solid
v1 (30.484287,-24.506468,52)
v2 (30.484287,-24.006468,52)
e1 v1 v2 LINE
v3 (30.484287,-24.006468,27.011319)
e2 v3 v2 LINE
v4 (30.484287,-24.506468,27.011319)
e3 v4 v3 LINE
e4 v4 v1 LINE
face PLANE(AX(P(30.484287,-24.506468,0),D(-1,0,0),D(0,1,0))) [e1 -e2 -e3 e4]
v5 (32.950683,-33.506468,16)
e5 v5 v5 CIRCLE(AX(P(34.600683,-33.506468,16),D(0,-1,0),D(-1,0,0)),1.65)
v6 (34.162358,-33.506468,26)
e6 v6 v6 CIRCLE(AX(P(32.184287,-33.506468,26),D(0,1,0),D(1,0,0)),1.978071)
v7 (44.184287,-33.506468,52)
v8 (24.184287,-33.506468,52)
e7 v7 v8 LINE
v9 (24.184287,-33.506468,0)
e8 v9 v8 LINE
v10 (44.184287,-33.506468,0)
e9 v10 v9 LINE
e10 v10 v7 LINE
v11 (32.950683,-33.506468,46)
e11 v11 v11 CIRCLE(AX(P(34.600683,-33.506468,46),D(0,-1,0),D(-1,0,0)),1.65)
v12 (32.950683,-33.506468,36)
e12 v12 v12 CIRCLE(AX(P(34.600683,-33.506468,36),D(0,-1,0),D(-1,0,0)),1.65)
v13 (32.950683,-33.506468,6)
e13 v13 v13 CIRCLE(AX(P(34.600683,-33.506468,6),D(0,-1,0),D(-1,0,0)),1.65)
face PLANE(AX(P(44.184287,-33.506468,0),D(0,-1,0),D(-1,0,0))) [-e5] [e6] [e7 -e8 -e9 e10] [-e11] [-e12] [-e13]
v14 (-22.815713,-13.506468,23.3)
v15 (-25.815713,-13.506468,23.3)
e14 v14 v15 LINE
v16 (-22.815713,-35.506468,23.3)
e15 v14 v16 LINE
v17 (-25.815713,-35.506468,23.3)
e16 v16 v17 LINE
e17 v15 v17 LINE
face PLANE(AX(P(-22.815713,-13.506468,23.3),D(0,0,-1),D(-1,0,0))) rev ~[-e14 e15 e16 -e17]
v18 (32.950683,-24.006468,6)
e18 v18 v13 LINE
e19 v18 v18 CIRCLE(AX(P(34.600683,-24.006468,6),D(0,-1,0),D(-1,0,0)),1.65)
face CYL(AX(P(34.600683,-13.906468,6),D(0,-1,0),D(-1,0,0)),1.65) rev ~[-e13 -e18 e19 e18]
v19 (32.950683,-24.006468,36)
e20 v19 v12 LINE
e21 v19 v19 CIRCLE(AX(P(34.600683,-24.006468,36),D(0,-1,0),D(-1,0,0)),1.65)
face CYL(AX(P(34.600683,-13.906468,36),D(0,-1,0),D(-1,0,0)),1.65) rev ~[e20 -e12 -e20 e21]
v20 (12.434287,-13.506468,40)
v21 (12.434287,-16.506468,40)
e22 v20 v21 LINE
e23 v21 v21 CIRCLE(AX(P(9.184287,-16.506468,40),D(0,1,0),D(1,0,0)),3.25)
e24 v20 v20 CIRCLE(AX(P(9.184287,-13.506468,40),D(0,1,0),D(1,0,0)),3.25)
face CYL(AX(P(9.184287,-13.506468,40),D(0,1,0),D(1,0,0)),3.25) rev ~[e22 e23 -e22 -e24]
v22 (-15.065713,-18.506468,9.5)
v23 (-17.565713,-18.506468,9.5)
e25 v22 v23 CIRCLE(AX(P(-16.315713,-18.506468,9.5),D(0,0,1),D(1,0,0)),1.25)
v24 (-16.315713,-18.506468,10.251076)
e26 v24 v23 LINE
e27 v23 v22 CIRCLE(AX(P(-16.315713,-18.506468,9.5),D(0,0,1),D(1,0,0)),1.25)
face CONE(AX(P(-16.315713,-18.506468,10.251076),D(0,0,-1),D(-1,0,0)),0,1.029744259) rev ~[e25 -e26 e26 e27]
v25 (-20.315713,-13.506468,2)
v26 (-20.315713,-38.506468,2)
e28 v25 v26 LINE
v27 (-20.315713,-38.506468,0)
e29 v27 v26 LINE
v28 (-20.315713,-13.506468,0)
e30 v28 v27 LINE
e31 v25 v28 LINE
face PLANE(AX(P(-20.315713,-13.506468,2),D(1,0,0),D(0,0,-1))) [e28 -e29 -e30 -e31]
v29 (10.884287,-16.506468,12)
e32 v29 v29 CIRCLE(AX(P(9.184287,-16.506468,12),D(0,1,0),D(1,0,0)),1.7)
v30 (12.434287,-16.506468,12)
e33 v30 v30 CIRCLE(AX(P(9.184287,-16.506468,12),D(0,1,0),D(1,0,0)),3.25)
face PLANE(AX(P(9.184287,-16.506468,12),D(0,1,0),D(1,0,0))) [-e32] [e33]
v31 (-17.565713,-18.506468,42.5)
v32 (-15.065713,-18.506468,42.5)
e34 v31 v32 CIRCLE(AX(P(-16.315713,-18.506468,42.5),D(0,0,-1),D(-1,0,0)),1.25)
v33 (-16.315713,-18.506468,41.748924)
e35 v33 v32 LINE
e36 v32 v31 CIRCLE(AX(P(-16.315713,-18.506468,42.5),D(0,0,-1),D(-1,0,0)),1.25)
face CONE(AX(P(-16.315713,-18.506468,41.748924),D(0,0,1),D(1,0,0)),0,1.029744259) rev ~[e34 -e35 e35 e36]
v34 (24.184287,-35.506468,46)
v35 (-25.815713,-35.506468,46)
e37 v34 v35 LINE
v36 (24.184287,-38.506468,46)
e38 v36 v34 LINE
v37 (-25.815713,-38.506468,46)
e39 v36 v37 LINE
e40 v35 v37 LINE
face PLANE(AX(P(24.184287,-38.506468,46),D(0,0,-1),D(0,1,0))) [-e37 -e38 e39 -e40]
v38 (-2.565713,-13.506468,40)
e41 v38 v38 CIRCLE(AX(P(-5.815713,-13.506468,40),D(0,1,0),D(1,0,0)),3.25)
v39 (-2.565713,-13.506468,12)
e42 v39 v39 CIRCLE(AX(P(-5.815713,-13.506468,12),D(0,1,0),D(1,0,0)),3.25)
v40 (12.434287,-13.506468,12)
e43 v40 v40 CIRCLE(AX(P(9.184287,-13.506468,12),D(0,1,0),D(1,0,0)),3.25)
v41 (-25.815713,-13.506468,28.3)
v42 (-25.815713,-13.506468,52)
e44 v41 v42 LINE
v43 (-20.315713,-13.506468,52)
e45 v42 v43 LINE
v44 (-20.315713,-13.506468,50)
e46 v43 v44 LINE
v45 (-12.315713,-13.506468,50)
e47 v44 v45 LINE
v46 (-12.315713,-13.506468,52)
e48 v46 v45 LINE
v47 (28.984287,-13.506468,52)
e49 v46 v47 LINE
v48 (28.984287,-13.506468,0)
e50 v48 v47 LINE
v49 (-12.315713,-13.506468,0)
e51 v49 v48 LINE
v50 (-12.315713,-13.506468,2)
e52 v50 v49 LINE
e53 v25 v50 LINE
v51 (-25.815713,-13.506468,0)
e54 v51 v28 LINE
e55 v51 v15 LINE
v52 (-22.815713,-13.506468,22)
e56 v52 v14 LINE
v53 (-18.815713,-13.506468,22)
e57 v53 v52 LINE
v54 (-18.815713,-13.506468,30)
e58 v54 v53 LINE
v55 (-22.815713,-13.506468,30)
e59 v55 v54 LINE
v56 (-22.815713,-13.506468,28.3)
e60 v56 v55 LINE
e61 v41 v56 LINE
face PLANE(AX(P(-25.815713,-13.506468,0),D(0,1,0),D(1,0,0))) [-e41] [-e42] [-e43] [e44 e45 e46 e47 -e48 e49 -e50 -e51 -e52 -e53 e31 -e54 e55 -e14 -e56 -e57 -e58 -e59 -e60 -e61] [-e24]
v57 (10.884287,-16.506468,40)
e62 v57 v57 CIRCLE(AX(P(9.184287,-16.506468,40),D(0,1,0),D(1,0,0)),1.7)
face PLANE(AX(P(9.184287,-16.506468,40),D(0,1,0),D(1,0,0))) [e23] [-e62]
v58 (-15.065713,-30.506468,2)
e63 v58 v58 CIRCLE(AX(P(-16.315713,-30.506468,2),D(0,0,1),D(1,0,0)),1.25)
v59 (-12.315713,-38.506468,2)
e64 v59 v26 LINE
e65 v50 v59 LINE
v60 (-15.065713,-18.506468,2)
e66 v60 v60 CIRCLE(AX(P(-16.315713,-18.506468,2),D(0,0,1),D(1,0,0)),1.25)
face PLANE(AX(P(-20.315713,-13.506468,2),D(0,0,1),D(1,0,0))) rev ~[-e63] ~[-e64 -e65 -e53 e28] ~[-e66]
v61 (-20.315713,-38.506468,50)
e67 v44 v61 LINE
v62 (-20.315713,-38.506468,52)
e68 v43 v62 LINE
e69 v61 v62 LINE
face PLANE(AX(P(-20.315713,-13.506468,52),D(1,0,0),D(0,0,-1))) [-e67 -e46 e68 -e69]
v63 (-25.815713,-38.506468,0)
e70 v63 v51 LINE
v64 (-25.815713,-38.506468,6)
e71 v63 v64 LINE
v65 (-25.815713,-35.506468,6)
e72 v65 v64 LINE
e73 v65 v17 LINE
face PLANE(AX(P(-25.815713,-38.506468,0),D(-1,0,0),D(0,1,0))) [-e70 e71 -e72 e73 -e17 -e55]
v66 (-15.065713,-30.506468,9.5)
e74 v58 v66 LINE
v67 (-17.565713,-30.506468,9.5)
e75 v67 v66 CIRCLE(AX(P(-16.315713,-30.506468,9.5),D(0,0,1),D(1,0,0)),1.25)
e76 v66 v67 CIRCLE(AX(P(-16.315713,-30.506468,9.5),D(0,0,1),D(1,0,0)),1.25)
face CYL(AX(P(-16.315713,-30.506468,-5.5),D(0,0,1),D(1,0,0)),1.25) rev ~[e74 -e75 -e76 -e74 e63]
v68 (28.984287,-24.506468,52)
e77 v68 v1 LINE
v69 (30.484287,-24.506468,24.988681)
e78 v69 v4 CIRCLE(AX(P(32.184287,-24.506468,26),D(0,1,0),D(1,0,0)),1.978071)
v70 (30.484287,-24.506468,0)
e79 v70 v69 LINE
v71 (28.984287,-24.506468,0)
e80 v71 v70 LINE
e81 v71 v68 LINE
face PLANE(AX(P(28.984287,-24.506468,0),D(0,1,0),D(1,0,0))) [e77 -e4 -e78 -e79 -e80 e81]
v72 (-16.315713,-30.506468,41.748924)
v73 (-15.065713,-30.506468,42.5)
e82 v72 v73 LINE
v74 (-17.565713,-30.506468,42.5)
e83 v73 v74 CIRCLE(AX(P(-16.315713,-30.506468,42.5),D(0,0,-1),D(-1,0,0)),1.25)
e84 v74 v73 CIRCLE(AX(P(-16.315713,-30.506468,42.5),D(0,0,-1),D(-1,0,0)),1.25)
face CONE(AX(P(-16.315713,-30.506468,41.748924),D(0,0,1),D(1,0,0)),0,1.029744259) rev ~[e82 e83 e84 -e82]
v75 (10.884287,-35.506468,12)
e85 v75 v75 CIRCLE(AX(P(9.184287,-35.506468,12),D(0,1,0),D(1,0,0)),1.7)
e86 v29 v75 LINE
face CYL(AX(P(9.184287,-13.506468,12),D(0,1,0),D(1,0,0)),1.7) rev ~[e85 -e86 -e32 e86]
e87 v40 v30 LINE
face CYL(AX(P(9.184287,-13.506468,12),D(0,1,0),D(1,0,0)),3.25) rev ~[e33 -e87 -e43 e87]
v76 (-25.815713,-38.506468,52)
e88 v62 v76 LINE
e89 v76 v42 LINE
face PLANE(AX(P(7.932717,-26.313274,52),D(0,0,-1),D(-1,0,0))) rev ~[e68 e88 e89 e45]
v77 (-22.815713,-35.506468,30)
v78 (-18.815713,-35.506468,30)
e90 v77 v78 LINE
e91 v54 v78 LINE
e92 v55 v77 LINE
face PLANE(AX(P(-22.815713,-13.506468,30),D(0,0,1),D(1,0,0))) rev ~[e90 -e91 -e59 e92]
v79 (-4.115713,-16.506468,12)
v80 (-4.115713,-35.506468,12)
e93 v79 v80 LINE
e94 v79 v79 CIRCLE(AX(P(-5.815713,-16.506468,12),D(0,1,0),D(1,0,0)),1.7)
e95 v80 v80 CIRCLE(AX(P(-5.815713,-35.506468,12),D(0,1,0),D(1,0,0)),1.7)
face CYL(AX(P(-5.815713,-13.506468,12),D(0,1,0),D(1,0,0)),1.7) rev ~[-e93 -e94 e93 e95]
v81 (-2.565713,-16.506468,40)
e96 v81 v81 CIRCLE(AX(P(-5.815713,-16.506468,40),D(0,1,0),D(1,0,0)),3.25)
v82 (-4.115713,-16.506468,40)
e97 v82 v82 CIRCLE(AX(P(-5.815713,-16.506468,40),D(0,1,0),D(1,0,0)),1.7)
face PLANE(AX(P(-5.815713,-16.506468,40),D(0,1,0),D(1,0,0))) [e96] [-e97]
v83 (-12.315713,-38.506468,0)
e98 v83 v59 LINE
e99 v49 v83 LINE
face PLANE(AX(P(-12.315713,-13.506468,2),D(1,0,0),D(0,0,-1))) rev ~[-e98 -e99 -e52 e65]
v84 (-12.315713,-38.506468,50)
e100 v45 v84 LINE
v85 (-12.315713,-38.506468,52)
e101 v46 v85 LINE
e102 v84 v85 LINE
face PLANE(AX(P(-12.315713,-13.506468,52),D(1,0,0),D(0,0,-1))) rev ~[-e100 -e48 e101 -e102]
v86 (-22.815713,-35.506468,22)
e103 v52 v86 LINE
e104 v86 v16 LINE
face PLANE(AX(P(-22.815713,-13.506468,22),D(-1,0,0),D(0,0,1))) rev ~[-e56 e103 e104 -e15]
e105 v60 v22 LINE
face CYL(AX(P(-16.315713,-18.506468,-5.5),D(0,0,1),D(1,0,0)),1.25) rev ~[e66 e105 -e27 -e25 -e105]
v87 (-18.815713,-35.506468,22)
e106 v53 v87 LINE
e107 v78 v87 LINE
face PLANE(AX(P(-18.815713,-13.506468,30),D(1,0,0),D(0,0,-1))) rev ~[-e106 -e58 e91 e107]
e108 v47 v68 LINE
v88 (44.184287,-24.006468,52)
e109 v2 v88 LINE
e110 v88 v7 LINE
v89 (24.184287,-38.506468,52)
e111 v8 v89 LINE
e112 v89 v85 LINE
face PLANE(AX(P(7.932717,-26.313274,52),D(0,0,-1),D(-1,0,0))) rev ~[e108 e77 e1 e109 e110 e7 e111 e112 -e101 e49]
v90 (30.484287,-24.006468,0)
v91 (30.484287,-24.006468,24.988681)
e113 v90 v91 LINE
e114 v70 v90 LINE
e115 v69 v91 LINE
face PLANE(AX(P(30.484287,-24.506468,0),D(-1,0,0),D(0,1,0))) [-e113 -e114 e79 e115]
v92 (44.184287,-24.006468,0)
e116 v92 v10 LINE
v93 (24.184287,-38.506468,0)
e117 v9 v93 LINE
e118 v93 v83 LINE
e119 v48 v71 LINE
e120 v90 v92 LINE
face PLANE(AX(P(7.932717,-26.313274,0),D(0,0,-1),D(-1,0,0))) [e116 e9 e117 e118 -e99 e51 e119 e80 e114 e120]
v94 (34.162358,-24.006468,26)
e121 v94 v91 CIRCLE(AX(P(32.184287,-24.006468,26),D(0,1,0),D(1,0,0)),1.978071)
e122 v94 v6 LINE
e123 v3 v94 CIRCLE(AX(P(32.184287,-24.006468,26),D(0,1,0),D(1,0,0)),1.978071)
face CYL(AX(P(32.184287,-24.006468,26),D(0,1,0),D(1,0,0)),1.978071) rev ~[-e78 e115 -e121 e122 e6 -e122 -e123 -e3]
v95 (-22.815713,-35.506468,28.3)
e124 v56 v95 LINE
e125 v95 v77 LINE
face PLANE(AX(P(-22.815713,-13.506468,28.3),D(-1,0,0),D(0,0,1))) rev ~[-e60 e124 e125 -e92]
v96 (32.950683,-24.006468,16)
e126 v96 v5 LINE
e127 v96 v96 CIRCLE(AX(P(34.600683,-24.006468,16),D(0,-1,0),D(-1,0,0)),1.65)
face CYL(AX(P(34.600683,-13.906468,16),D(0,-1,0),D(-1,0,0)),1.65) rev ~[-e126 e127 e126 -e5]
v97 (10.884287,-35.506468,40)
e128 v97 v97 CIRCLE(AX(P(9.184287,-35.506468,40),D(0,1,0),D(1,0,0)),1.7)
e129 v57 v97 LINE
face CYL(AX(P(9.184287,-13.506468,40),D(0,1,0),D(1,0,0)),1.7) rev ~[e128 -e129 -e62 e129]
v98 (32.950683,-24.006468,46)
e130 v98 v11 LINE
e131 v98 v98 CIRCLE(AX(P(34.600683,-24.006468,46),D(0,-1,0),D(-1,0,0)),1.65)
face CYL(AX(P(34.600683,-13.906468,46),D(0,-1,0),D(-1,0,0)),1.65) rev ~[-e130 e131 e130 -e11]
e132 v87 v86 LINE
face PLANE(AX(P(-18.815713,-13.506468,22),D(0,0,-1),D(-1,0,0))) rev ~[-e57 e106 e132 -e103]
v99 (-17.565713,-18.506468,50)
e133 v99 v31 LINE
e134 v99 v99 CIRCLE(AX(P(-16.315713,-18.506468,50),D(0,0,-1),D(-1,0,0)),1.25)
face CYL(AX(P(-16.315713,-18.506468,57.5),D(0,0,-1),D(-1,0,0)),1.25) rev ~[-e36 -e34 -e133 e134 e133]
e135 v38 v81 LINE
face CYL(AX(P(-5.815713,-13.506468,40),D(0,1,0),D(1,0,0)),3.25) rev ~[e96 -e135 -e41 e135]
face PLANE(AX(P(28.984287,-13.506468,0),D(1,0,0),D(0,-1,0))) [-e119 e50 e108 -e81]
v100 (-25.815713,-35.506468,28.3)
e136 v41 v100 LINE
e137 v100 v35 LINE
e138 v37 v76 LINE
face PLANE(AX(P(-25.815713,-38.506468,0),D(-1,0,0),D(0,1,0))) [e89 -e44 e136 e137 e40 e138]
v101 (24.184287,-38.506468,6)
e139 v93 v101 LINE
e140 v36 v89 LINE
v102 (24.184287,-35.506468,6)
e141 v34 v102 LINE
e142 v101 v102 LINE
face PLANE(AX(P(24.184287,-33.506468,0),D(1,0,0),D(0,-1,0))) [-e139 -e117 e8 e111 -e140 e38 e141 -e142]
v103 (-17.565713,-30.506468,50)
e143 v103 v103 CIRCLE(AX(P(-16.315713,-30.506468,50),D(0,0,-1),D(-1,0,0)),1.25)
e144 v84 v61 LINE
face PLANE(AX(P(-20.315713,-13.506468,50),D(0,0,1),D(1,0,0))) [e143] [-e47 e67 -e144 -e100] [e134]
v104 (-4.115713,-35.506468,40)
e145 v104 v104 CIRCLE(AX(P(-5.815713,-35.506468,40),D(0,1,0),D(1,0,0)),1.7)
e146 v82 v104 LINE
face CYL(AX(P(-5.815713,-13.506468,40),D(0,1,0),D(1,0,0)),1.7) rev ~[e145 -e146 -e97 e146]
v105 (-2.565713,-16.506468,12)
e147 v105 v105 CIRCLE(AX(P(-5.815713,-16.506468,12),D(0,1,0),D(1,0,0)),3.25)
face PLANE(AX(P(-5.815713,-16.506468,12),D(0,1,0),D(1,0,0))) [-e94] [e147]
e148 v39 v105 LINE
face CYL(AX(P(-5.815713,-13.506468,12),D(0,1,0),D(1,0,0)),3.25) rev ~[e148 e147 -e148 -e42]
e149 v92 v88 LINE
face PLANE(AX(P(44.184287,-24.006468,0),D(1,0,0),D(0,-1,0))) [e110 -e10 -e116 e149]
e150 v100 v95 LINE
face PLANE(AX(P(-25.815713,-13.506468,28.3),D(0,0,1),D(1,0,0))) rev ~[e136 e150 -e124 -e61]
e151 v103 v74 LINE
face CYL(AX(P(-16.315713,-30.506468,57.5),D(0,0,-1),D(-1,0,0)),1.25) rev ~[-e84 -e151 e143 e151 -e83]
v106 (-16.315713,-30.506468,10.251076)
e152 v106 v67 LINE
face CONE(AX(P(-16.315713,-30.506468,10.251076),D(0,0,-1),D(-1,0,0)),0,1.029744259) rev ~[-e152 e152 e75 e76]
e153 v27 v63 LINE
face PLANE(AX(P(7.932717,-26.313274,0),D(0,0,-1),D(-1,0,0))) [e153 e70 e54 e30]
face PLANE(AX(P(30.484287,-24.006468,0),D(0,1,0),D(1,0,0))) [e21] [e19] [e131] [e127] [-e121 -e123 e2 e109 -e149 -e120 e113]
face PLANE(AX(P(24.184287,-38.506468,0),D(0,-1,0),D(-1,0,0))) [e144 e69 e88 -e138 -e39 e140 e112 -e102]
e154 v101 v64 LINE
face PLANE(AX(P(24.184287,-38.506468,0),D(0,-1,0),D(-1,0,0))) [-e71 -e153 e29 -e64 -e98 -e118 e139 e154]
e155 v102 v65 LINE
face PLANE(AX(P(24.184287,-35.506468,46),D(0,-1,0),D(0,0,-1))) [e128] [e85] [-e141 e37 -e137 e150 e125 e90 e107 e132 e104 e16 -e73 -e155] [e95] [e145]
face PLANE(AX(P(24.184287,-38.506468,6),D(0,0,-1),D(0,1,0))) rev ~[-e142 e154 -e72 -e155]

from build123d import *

# Parameters (mm, degrees)
BOSS_EXTRUDE1_DEPTH   = 52
SKETCH2_R             = 1.7
SKETCH2_W             = 8
SKETCH2_H             = 2
CUT_EXTRUDE1_DEPTH    = 52
SKETCH3_R             = 3.25
CUT_EXTRUDE2_DEPTH    = 3
SKETCH4_R             = 1.9780711
CUT_EXTRUDE3_DEPTH    = 15.5
M4_TAPPED_HOLE1_D     = 3.3
M4_TAPPED_HOLE1_DEPTH = 10.1
M4_TAPPED_HOLE1_TIP   = 0.991420021
SKETCH7_W             = 40
SKETCH7_H             = 3
CUT_EXTRUDE4_DEPTH    = 51
M3_TAPPED_HOLE1_D     = 2.5
M3_TAPPED_HOLE1_DEPTH = 7.5
M3_TAPPED_HOLE1_TIP   = 0.751075774
M3_TAPPED_HOLE2_D     = 2.5
M3_TAPPED_HOLE2_DEPTH = 7.5
M3_TAPPED_HOLE2_TIP   = 0.751075774


with BuildPart() as part:
    # Sketch1 → Boss-Extrude1 (new body)
    with BuildSketch(Plane.XY):
        Polygon((-25.815712776, -13.506468073), (28.984287224, -13.506468073), (28.984287224, -24.506468073), (30.484287224, -24.506468073), (30.484287224, -24.006468073), (44.184287224, -24.006468073), (44.184287224, -33.506468073), (24.184287224, -33.506468073), (24.184287224, -38.506468073), (-25.815712776, -38.506468073), align=None)
    extrude(amount=BOSS_EXTRUDE1_DEPTH)

    # Sketch2 → Cut-Extrude1 (cut)
    with BuildSketch(Plane(origin=(0, -13.506468073, 0), x_dir=(1, 0, 0), z_dir=(0, 1, 0))):
        with Locations((-5.815712776, -12)):
            Circle(SKETCH2_R)
        with Locations((9.184287224, -12)):
            Circle(SKETCH2_R)
        with Locations((-5.815712776, -40)):
            Circle(SKETCH2_R)
        with Locations((9.184287224, -40)):
            Circle(SKETCH2_R)
        with Locations((-16.315712776, -51)):
            Rectangle(SKETCH2_W, SKETCH2_H)
        with Locations((-16.315712776, -1)):
            Rectangle(SKETCH2_W, SKETCH2_H)
        Polygon((-22.815712776, -23.3), (-25.815712776, -23.3), (-25.815712776, -28.3), (-22.815712776, -28.3), (-22.815712776, -30), (-18.815712776, -30), (-18.815712776, -22), (-22.815712776, -22), align=None)
    extrude(amount=-CUT_EXTRUDE1_DEPTH, mode=Mode.SUBTRACT)

    # Sketch3 → Cut-Extrude2 (cut)
    with BuildSketch(Plane(origin=(0, -13.506468073, 0), x_dir=(1, 0, 0), z_dir=(0, 1, 0))):
        with Locations((-5.815712776, -12)):
            Circle(SKETCH3_R)
        with Locations((9.184287224, -12)):
            Circle(SKETCH3_R)
        with Locations((9.184287224, -40)):
            Circle(SKETCH3_R)
        with Locations((-5.815712776, -40)):
            Circle(SKETCH3_R)
    extrude(amount=-CUT_EXTRUDE2_DEPTH, mode=Mode.SUBTRACT)

    # Sketch4 → Cut-Extrude3 (cut, through all)
    with BuildSketch(Plane(origin=(0, -24.006468073, 0), x_dir=(1, 0, 0), z_dir=(0, 1, 0))):
        with Locations((32.184287224, -26)):
            Circle(SKETCH4_R)
    extrude(amount=-CUT_EXTRUDE3_DEPTH, mode=Mode.SUBTRACT)

    # M4 Tapped Hole1
    with Locations(Plane(origin=(0, -24.006468073, 0), x_dir=(1, 0, 0), z_dir=(0, 1, 0))):
        with Locations((34.600682557, -6), (34.600682557, -16), (34.600682557, -36), (34.600682557, -46)):
            Hole(M4_TAPPED_HOLE1_D / 2, depth=M4_TAPPED_HOLE1_DEPTH)
            with Locations((0, 0, -(M4_TAPPED_HOLE1_DEPTH + M4_TAPPED_HOLE1_TIP / 2))):  # 118° drill point
                Cone(0, M4_TAPPED_HOLE1_D / 2, M4_TAPPED_HOLE1_TIP, mode=Mode.SUBTRACT)

    # Sketch7 → Cut-Extrude4 (cut, through all)
    with BuildSketch(Plane(origin=(24.184287224, 0, 0), x_dir=(0, 0, -1), z_dir=(1, 0, 0))):
        with Locations((-26, -37.006468073)):
            Rectangle(SKETCH7_W, SKETCH7_H)
    extrude(amount=-CUT_EXTRUDE4_DEPTH, mode=Mode.SUBTRACT)

    # M3 Tapped Hole1
    with Locations(Plane.XY.offset(50)):
        with Locations((-16.315712776, -18.506468073), (-16.315712776, -30.506468073)):
            Hole(M3_TAPPED_HOLE1_D / 2, depth=M3_TAPPED_HOLE1_DEPTH)
            with Locations((0, 0, -(M3_TAPPED_HOLE1_DEPTH + M3_TAPPED_HOLE1_TIP / 2))):  # 118° drill point
                Cone(0, M3_TAPPED_HOLE1_D / 2, M3_TAPPED_HOLE1_TIP, mode=Mode.SUBTRACT)

    # M3 Tapped Hole2
    with Locations(Plane(origin=(0, 0, 2), x_dir=(-1, 0, 0), z_dir=(0, 0, -1))):
        with Locations((16.315712776, -18.506468073), (16.315712776, -30.506468073)):
            Hole(M3_TAPPED_HOLE2_D / 2, depth=M3_TAPPED_HOLE2_DEPTH)
            with Locations((0, 0, -(M3_TAPPED_HOLE2_DEPTH + M3_TAPPED_HOLE2_TIP / 2))):  # 118° drill point
                Cone(0, M3_TAPPED_HOLE2_D / 2, M3_TAPPED_HOLE2_TIP, mode=Mode.SUBTRACT)


solid = part.part
